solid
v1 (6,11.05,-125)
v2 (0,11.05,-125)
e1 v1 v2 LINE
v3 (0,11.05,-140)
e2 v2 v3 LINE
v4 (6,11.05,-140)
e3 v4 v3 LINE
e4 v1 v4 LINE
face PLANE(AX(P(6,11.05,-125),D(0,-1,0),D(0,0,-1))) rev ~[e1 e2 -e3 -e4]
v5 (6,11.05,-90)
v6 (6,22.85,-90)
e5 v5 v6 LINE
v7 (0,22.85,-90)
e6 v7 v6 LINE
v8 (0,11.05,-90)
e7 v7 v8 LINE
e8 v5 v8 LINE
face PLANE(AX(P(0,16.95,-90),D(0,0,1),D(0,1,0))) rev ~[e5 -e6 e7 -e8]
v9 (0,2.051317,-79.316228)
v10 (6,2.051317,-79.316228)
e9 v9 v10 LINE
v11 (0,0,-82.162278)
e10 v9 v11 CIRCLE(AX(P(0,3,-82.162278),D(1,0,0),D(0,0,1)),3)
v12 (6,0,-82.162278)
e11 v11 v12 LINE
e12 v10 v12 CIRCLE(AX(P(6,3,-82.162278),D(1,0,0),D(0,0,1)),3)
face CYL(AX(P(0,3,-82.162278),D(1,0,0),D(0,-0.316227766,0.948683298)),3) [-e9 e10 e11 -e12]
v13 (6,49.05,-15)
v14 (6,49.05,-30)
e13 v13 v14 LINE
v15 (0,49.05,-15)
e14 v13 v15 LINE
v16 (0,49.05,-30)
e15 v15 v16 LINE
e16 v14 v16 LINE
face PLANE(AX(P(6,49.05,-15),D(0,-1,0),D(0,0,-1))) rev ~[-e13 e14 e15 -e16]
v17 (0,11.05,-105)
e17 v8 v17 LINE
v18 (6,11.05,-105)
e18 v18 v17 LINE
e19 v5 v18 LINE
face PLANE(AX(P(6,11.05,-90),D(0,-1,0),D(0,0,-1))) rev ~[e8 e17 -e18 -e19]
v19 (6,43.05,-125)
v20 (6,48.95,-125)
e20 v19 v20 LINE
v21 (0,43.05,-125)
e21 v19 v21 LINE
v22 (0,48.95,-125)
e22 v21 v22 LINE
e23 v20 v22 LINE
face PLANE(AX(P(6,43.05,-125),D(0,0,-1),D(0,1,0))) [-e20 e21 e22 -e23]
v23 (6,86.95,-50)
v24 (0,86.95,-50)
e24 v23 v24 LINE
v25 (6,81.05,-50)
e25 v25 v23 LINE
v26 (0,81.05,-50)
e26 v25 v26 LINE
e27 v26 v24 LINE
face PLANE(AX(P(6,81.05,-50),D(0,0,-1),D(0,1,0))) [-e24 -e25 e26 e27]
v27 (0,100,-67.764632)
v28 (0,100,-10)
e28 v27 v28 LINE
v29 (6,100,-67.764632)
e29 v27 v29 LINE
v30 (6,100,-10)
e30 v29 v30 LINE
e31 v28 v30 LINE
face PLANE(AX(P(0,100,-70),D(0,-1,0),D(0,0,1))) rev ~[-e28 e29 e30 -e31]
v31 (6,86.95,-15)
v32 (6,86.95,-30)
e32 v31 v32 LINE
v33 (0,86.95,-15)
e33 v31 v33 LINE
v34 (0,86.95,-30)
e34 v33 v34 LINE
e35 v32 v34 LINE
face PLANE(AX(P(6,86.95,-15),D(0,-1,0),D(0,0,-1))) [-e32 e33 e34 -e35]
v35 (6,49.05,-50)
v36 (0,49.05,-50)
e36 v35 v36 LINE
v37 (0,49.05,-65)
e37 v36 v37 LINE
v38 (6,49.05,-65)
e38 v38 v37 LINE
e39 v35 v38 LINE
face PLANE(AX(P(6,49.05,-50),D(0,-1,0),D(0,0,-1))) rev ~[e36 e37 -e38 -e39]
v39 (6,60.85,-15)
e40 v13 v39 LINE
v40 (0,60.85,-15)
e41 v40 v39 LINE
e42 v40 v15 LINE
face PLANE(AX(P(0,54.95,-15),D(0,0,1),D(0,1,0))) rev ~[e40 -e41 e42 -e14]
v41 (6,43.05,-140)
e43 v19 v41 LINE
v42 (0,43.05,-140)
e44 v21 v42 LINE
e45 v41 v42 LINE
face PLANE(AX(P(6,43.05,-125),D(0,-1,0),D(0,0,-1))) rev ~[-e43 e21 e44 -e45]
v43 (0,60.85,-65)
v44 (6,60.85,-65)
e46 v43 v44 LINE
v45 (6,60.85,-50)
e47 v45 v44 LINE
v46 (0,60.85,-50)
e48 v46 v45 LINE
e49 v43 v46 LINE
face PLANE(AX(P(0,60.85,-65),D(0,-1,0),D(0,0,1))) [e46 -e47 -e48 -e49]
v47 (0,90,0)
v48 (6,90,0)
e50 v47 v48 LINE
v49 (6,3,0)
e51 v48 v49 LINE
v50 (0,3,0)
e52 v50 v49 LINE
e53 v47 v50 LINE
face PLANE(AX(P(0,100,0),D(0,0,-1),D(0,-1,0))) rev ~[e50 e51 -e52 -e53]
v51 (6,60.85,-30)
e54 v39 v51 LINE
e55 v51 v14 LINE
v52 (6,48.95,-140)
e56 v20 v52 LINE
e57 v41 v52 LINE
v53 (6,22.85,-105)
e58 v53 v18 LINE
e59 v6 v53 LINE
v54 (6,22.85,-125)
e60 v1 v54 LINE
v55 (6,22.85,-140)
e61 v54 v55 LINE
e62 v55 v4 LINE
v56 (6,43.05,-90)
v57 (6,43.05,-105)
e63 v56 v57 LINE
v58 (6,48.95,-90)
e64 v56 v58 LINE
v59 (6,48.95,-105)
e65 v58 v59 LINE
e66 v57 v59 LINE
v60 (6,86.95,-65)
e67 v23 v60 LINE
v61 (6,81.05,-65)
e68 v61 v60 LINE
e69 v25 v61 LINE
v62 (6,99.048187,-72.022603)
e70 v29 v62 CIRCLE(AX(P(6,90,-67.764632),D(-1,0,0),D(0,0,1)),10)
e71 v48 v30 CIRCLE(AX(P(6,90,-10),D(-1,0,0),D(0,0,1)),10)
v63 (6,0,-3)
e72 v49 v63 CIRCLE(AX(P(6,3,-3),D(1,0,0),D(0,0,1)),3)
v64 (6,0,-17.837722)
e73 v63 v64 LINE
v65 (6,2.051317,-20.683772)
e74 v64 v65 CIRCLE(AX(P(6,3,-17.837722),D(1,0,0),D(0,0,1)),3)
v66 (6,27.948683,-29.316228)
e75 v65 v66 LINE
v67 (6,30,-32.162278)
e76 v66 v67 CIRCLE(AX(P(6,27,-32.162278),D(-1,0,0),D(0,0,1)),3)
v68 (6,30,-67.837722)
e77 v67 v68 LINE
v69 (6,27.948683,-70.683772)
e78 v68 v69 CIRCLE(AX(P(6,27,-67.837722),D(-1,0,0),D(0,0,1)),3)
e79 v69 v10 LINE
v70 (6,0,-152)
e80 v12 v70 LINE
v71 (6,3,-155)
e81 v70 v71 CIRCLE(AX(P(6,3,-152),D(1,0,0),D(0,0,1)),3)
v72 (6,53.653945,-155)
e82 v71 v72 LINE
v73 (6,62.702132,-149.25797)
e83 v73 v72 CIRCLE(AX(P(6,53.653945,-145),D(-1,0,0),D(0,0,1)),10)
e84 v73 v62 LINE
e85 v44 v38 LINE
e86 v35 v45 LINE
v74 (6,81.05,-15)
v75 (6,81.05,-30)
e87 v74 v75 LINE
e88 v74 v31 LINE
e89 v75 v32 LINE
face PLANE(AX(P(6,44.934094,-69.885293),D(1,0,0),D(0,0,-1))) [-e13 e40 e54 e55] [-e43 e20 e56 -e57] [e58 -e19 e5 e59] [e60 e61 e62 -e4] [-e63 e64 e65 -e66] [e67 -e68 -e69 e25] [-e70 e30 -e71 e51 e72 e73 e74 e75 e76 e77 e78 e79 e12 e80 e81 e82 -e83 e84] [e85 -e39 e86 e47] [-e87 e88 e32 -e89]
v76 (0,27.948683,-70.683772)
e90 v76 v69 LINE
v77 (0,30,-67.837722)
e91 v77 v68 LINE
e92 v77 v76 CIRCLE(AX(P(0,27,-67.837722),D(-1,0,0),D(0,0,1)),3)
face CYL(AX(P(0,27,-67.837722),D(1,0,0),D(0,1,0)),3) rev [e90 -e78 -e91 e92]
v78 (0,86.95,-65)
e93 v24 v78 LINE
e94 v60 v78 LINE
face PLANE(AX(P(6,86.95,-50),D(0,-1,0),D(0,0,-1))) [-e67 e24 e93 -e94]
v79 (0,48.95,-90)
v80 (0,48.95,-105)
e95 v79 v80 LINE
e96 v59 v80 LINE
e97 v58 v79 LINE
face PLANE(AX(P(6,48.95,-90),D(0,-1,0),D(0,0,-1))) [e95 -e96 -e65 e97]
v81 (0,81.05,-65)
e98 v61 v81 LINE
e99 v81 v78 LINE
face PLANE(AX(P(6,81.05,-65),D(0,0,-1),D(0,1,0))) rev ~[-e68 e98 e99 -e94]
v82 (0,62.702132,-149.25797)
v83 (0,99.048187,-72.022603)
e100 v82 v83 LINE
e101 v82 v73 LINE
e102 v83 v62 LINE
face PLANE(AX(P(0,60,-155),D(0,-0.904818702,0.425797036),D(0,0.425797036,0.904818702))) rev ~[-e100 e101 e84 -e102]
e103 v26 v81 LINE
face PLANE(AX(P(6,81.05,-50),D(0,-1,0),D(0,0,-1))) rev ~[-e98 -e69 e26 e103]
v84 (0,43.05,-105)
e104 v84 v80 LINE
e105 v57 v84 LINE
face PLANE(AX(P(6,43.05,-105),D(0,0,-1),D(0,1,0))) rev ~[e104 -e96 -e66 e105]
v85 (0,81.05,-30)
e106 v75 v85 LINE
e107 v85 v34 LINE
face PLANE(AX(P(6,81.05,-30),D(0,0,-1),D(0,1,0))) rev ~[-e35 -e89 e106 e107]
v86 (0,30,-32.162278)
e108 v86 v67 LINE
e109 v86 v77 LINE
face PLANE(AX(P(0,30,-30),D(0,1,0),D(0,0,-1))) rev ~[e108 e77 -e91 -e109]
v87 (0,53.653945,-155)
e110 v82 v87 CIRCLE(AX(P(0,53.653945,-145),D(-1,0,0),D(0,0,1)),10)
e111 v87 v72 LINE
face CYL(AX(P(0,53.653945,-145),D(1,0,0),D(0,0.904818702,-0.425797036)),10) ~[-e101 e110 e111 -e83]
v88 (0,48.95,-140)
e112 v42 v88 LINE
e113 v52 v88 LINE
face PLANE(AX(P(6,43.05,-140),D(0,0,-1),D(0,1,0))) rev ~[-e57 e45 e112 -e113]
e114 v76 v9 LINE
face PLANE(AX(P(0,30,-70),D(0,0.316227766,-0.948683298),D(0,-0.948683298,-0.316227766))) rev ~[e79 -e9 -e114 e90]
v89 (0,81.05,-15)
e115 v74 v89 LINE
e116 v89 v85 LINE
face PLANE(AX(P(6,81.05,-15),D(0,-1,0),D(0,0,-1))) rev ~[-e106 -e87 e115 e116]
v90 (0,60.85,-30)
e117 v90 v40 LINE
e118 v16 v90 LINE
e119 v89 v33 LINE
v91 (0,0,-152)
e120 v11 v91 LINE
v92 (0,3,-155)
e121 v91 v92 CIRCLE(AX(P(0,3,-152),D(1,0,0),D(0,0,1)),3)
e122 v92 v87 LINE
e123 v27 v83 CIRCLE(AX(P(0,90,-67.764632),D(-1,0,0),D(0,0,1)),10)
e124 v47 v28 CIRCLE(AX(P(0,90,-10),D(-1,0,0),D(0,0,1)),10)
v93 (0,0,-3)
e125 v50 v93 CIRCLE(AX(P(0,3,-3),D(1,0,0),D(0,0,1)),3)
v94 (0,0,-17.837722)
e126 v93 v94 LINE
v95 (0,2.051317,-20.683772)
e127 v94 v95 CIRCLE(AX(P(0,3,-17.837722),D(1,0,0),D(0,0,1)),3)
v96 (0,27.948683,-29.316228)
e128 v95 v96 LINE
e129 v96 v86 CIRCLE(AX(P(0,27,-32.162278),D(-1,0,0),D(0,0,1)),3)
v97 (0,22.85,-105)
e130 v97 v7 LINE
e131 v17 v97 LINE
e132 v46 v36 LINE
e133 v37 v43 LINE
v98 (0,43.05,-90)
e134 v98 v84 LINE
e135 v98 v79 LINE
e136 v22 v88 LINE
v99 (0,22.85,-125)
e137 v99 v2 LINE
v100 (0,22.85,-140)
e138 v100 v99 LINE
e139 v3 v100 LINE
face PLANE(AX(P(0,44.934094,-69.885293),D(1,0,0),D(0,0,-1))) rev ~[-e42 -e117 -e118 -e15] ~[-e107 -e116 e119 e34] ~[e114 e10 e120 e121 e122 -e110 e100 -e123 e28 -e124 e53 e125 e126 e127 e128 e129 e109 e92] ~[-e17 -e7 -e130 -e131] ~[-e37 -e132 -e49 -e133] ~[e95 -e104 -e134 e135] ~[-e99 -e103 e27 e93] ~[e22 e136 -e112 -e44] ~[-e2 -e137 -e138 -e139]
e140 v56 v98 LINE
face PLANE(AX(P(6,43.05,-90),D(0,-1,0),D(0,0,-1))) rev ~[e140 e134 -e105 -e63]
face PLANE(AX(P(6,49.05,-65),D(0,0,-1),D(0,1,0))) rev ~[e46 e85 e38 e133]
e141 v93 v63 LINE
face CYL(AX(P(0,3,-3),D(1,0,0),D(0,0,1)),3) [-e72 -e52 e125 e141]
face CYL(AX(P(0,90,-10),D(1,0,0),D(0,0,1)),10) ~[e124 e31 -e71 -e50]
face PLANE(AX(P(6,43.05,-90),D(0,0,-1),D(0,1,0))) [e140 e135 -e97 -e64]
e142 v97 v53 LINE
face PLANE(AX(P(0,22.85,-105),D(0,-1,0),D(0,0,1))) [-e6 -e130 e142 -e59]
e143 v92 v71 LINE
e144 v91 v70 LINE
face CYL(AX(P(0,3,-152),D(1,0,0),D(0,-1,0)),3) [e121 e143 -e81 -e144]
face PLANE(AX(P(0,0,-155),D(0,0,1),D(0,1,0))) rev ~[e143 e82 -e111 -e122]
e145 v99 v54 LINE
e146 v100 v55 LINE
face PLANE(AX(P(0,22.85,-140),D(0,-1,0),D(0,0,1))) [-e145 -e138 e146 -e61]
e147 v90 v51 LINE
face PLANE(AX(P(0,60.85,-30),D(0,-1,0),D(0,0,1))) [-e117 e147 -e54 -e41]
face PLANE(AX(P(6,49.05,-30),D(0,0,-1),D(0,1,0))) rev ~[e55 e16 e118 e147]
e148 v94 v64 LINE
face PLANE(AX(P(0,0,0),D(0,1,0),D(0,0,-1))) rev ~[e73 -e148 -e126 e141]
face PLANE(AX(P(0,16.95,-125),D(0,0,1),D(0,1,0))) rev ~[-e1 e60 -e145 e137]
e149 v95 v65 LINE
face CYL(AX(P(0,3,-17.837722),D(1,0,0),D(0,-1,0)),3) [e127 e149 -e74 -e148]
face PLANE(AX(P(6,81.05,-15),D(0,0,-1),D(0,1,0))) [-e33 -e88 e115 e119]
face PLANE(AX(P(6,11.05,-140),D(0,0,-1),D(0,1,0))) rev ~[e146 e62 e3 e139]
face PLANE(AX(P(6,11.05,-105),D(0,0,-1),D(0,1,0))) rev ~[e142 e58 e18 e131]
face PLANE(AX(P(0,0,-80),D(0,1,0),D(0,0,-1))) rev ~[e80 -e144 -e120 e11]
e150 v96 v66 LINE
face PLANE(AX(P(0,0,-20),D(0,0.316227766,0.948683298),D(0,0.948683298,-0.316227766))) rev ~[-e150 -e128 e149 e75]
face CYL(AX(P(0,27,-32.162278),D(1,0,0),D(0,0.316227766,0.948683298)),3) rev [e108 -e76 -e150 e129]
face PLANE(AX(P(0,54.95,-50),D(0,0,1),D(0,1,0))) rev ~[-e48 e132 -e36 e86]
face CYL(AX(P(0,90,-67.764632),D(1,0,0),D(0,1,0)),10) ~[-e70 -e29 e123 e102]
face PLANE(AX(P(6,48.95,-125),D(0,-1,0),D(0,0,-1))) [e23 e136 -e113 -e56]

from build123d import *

# Parameters (mm, degrees)
GRUNDFORM_DEPTH          = 6
SKIZZE2_W                = 15
SKIZZE2_H                = 5.9
ZAPFENDURCHBRUCH_DEPTH   = 185.556224495
VERRUNDUNG1_R            = 10
VERRUNDUNG2_R            = 3
SKIZZE3_W                = 15
SKIZZE3_H                = 5.9
ZAPFENDURCHBRUCH_2_DEPTH = 185.556224495


with BuildPart() as part:
    # Skizze1 → Grundform (new body)
    with BuildSketch(Plane(origin=(0, 0, 0), x_dir=(0, 0, -1), z_dir=(1, 0, 0))):
        Polygon((0, 0), (20, 0), (30, 30), (70, 30), (80, 0), (155, 0), (155, 60), (70, 100), (0, 100), align=None)
    extrude(amount=GRUNDFORM_DEPTH)

    # Skizze2 → Zapfendurchbruch (cut, through all)
    with BuildSketch(Plane(origin=(6, 0, 0), x_dir=(0, 0, -1), z_dir=(1, 0, 0))):
        with Locations((97.5, 46)):
            Rectangle(SKIZZE2_W, SKIZZE2_H)
        with Locations((132.5, 46)):
            Rectangle(SKIZZE2_W, SKIZZE2_H)
        with Locations((132.5, 14)):
            Rectangle(SKIZZE2_W, SKIZZE2_H)
        with Locations((97.5, 14)):
            Rectangle(SKIZZE2_W, SKIZZE2_H)
        with Locations((57.5, 84)):
            Rectangle(SKIZZE2_W, SKIZZE2_H)
        with Locations((22.5, 84)):
            Rectangle(SKIZZE2_W, SKIZZE2_H)
        with Locations((22.5, 52)):
            Rectangle(SKIZZE2_W, SKIZZE2_H)
        with Locations((57.5, 52)):
            Rectangle(SKIZZE2_W, SKIZZE2_H)
    extrude(amount=-ZAPFENDURCHBRUCH_DEPTH, mode=Mode.SUBTRACT)

    # Verrundung1
    verrundung1_edges = [part.edges().sort_by_distance(p)[0] for p in [
        (3, 100, 0),
        (3, 100, -70),
        (3, 60, -155),
    ]]
    fillet(verrundung1_edges, radius=VERRUNDUNG1_R)

    # Verrundung2
    verrundung2_edges = [part.edges().sort_by_distance(p)[0] for p in [
        (3, 0, -155),
        (3, 0, -80),
        (3, 30, -70),
        (3, 30, -30),
        (3, 0, -20),
        (3, 0, 0),
    ]]
    fillet(verrundung2_edges, radius=VERRUNDUNG2_R)

    # Skizze3 → Zapfendurchbruch 2 (cut, through all)
    with BuildSketch(Plane.ZY):
        with Locations((-132.5, 19.9)):
            Rectangle(SKIZZE3_W, SKIZZE3_H)
        with Locations((-97.5, 19.9)):
            Rectangle(SKIZZE3_W, SKIZZE3_H)
        with Locations((-57.5, 57.9)):
            Rectangle(SKIZZE3_W, SKIZZE3_H)
        with Locations((-22.5, 57.9)):
            Rectangle(SKIZZE3_W, SKIZZE3_H)
    extrude(amount=-ZAPFENDURCHBRUCH_2_DEPTH, mode=Mode.SUBTRACT)


solid = part.part
